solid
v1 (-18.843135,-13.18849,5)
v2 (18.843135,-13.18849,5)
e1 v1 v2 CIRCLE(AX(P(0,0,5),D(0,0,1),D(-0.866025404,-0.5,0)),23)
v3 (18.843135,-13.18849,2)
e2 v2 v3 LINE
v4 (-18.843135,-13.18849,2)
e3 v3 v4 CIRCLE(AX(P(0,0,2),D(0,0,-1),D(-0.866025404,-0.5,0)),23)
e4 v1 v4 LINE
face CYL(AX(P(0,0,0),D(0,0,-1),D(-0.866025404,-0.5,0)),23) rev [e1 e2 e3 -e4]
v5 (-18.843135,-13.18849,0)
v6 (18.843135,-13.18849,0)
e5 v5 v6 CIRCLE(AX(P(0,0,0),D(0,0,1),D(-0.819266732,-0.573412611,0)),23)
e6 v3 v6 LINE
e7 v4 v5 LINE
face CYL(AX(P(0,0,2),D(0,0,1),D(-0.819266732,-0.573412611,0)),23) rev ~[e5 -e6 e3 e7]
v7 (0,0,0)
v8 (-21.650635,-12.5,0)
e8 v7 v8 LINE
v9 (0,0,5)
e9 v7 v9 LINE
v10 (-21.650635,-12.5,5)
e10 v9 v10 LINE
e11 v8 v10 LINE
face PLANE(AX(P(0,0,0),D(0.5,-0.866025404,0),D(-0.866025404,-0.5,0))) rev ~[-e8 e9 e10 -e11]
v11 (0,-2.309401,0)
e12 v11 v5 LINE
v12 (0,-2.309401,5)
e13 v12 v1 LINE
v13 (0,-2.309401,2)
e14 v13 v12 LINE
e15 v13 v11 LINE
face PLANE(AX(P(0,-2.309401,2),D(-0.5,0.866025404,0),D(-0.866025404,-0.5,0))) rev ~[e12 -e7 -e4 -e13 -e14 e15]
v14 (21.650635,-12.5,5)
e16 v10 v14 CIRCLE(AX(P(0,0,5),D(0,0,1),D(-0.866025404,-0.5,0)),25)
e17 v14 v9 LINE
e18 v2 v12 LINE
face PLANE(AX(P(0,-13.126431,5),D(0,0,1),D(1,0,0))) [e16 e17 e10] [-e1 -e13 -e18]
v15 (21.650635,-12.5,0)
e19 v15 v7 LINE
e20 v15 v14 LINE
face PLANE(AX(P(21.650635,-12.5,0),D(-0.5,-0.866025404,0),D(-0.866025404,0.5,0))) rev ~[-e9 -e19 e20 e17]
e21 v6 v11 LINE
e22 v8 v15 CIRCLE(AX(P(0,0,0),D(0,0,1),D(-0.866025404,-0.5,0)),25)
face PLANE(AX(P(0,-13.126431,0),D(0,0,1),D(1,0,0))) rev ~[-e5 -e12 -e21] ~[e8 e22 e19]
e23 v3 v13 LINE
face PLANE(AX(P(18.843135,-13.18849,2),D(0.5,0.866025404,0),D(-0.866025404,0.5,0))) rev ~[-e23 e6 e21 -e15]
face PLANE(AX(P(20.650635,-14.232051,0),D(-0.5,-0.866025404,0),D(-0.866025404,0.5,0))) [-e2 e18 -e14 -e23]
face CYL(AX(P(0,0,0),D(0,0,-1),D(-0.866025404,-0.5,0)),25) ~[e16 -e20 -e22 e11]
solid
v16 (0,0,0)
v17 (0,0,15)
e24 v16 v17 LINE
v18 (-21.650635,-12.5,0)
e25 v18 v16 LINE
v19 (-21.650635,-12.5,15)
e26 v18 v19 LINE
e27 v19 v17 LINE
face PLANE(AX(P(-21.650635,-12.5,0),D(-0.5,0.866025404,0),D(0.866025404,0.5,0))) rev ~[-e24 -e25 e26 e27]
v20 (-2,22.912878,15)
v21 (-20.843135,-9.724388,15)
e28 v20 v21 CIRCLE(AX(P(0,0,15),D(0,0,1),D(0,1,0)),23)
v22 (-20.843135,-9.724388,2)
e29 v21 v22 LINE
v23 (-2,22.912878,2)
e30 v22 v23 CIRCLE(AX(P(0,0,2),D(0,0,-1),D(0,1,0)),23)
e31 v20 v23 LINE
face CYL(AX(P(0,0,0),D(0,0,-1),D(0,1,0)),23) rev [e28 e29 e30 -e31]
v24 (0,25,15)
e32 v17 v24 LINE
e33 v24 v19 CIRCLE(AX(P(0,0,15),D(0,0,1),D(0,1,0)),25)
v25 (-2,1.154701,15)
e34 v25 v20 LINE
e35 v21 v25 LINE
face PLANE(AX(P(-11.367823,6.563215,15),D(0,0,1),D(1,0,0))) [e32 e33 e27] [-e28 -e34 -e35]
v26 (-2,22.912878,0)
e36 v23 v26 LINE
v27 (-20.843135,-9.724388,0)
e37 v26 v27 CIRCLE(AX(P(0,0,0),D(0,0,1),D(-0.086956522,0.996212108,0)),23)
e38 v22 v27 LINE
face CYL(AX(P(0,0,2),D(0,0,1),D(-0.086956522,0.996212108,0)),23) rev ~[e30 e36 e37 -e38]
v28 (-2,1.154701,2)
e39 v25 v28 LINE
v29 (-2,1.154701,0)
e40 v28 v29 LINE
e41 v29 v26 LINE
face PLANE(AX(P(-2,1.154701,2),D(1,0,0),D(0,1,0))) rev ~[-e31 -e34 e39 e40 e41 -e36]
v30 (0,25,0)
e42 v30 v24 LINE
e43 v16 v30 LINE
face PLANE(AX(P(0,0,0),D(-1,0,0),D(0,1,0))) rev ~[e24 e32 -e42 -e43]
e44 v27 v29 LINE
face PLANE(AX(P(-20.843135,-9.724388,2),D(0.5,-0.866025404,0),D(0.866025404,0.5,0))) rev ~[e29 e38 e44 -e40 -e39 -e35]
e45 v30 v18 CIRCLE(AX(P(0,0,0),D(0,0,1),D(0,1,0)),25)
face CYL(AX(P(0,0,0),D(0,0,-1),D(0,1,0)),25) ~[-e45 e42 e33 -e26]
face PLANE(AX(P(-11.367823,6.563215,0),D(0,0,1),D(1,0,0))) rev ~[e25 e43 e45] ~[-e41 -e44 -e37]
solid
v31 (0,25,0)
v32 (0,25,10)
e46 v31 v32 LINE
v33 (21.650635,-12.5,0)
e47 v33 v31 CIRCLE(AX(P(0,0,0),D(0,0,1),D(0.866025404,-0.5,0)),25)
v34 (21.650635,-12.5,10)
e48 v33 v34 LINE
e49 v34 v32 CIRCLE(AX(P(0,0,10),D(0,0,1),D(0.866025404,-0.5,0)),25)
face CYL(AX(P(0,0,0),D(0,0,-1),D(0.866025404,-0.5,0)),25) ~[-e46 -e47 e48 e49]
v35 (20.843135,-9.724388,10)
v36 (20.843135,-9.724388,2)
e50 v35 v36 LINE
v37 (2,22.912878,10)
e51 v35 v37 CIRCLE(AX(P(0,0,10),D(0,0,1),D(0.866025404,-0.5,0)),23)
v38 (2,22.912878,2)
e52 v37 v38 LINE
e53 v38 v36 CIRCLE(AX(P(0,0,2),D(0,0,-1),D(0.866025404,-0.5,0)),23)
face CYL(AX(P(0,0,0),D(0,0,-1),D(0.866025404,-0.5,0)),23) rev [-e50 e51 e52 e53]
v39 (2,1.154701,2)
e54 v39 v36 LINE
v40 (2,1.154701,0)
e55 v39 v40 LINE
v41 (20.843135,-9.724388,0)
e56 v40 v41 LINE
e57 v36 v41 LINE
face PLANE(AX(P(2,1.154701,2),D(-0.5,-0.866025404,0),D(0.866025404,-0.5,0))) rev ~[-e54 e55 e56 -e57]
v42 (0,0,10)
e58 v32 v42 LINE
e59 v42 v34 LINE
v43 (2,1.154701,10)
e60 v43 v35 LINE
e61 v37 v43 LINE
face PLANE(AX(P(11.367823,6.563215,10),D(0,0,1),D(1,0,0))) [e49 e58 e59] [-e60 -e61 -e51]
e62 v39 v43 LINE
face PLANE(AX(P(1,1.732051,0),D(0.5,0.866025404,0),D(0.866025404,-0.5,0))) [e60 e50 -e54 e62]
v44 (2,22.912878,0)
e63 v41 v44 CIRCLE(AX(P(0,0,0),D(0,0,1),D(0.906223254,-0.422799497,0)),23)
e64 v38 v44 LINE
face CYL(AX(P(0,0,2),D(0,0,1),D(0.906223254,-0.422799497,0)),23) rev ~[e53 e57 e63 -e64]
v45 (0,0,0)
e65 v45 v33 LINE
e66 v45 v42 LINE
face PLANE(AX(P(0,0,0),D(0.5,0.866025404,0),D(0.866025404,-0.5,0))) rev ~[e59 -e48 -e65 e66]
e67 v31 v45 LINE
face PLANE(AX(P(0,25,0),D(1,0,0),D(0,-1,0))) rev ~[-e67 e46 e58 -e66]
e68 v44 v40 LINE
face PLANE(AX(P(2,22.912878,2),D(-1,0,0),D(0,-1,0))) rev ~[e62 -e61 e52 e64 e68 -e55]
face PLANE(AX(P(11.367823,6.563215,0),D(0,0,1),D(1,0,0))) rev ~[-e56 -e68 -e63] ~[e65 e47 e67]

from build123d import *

# Parameters (mm, degrees)
F1_DEPTH = 15
F2_DEPTH = 10
F3_DEPTH = 5
F4_T     = -2
F4_2_T   = -2
F4_3_T   = -2
F5_DEPTH = 25


with BuildPart() as f1:
    # F0 (on Top) → F1 (new body)
    with BuildSketch(Plane.XY):
        with BuildLine():
            Line((0, 0), (0, 25))
            ThreePointArc((0, 25), (-21.6506350946, 12.5), (-21.6506350946, -12.5))
            Line((-21.6506350946, -12.5), (0, 0))
        make_face()
    extrude(amount=F1_DEPTH)

    # F4
    f4_openings = [f1.faces().sort_by_distance(p)[0] for p in [
        (-11.936621, 6.891611, 15),
    ]]
    offset(amount=F4_T, openings=f4_openings)


with BuildPart() as f2:
    # F0 (on Top) → F2 (new body)
    with BuildSketch(Plane.XY):
        with BuildLine():
            ThreePointArc((21.6506350946, -12.5), (24.1481456572, -6.4704761276), (25, 0))
            ThreePointArc((25, 0), (17.6776695297, 17.6776695297), (0, 25))
            Line((0, 25), (0, 0))
            Line((0, 0), (21.6506350946, -12.5))
        make_face()
    extrude(amount=F2_DEPTH)

    # F4#2
    f4_2_openings = [f2.faces().sort_by_distance(p)[0] for p in [
        (11.936621, 6.891611, 10),
    ]]
    offset(amount=F4_2_T, openings=f4_2_openings)


with BuildPart() as f3:
    # F0 (on Top) → F3 (new body)
    with BuildSketch(Plane.XY):
        with BuildLine():
            ThreePointArc((-21.6506350946, -12.5), (0, -25), (21.6506350946, -12.5))
            Line((21.6506350946, -12.5), (0, 0))
            Line((0, 0), (-21.6506350946, -12.5))
        make_face()
    extrude(amount=F3_DEPTH)

    # F4#3
    f4_3_openings = [f3.faces().sort_by_distance(p)[0] for p in [
        (0, -13.783222, 5),
    ]]
    offset(amount=F4_3_T, openings=f4_3_openings)


with BuildPart() as f5_tool:
    # F4_face (on face) → F5 (new body)
    with BuildSketch(Plane(origin=(-11.9733768763, 6.9128323626, 2), x_dir=(1, 0, 0), z_dir=(0, 0, 1))):
        with BuildLine():
            Line((-8.8697579567, -16.6372207924), (9.9733768763, -5.7581318242))
            Line((9.9733768763, -5.7581318242), (9.9733768763, 16.0000461122))
            ThreePointArc((9.9733768763, 16.0000461122), (-7.9452074108, 4.5871676374), (-8.8697579567, -16.6372207924))
        make_face()
        with BuildLine():
            ThreePointArc((32.8165117092, -16.6372207924), (31.8919611633, 4.5871676374), (13.9733768763, 16.0000461122))
            Line((13.9733768763, 16.0000461122), (13.9733768763, -5.7581318242))
            Line((13.9733768763, -5.7581318242), (32.8165117092, -16.6372207924))
        make_face()
        with BuildLine():
            ThreePointArc((-6.8697579567, -20.1013224076), (11.9733768763, -29.9128323626), (30.8165117092, -20.1013224076))
            Line((30.8165117092, -20.1013224076), (11.9733768763, -9.2222334394))
            Line((11.9733768763, -9.2222334394), (-6.8697579567, -20.1013224076))
        make_face()
    extrude(amount=-F5_DEPTH)


with BuildPart() as f1_1:
    add(f1.part)

    # F5: cut by f5_tool
    add(f5_tool.part, mode=Mode.SUBTRACT)


with BuildPart() as f2_1:
    add(f2.part)

    # F5: cut by f5_tool
    add(f5_tool.part, mode=Mode.SUBTRACT)


with BuildPart() as f3_1:
    add(f3.part)

    # F5: cut by f5_tool
    add(f5_tool.part, mode=Mode.SUBTRACT)


solid = Compound([f1_1.part, f2_1.part, f3_1.part])
